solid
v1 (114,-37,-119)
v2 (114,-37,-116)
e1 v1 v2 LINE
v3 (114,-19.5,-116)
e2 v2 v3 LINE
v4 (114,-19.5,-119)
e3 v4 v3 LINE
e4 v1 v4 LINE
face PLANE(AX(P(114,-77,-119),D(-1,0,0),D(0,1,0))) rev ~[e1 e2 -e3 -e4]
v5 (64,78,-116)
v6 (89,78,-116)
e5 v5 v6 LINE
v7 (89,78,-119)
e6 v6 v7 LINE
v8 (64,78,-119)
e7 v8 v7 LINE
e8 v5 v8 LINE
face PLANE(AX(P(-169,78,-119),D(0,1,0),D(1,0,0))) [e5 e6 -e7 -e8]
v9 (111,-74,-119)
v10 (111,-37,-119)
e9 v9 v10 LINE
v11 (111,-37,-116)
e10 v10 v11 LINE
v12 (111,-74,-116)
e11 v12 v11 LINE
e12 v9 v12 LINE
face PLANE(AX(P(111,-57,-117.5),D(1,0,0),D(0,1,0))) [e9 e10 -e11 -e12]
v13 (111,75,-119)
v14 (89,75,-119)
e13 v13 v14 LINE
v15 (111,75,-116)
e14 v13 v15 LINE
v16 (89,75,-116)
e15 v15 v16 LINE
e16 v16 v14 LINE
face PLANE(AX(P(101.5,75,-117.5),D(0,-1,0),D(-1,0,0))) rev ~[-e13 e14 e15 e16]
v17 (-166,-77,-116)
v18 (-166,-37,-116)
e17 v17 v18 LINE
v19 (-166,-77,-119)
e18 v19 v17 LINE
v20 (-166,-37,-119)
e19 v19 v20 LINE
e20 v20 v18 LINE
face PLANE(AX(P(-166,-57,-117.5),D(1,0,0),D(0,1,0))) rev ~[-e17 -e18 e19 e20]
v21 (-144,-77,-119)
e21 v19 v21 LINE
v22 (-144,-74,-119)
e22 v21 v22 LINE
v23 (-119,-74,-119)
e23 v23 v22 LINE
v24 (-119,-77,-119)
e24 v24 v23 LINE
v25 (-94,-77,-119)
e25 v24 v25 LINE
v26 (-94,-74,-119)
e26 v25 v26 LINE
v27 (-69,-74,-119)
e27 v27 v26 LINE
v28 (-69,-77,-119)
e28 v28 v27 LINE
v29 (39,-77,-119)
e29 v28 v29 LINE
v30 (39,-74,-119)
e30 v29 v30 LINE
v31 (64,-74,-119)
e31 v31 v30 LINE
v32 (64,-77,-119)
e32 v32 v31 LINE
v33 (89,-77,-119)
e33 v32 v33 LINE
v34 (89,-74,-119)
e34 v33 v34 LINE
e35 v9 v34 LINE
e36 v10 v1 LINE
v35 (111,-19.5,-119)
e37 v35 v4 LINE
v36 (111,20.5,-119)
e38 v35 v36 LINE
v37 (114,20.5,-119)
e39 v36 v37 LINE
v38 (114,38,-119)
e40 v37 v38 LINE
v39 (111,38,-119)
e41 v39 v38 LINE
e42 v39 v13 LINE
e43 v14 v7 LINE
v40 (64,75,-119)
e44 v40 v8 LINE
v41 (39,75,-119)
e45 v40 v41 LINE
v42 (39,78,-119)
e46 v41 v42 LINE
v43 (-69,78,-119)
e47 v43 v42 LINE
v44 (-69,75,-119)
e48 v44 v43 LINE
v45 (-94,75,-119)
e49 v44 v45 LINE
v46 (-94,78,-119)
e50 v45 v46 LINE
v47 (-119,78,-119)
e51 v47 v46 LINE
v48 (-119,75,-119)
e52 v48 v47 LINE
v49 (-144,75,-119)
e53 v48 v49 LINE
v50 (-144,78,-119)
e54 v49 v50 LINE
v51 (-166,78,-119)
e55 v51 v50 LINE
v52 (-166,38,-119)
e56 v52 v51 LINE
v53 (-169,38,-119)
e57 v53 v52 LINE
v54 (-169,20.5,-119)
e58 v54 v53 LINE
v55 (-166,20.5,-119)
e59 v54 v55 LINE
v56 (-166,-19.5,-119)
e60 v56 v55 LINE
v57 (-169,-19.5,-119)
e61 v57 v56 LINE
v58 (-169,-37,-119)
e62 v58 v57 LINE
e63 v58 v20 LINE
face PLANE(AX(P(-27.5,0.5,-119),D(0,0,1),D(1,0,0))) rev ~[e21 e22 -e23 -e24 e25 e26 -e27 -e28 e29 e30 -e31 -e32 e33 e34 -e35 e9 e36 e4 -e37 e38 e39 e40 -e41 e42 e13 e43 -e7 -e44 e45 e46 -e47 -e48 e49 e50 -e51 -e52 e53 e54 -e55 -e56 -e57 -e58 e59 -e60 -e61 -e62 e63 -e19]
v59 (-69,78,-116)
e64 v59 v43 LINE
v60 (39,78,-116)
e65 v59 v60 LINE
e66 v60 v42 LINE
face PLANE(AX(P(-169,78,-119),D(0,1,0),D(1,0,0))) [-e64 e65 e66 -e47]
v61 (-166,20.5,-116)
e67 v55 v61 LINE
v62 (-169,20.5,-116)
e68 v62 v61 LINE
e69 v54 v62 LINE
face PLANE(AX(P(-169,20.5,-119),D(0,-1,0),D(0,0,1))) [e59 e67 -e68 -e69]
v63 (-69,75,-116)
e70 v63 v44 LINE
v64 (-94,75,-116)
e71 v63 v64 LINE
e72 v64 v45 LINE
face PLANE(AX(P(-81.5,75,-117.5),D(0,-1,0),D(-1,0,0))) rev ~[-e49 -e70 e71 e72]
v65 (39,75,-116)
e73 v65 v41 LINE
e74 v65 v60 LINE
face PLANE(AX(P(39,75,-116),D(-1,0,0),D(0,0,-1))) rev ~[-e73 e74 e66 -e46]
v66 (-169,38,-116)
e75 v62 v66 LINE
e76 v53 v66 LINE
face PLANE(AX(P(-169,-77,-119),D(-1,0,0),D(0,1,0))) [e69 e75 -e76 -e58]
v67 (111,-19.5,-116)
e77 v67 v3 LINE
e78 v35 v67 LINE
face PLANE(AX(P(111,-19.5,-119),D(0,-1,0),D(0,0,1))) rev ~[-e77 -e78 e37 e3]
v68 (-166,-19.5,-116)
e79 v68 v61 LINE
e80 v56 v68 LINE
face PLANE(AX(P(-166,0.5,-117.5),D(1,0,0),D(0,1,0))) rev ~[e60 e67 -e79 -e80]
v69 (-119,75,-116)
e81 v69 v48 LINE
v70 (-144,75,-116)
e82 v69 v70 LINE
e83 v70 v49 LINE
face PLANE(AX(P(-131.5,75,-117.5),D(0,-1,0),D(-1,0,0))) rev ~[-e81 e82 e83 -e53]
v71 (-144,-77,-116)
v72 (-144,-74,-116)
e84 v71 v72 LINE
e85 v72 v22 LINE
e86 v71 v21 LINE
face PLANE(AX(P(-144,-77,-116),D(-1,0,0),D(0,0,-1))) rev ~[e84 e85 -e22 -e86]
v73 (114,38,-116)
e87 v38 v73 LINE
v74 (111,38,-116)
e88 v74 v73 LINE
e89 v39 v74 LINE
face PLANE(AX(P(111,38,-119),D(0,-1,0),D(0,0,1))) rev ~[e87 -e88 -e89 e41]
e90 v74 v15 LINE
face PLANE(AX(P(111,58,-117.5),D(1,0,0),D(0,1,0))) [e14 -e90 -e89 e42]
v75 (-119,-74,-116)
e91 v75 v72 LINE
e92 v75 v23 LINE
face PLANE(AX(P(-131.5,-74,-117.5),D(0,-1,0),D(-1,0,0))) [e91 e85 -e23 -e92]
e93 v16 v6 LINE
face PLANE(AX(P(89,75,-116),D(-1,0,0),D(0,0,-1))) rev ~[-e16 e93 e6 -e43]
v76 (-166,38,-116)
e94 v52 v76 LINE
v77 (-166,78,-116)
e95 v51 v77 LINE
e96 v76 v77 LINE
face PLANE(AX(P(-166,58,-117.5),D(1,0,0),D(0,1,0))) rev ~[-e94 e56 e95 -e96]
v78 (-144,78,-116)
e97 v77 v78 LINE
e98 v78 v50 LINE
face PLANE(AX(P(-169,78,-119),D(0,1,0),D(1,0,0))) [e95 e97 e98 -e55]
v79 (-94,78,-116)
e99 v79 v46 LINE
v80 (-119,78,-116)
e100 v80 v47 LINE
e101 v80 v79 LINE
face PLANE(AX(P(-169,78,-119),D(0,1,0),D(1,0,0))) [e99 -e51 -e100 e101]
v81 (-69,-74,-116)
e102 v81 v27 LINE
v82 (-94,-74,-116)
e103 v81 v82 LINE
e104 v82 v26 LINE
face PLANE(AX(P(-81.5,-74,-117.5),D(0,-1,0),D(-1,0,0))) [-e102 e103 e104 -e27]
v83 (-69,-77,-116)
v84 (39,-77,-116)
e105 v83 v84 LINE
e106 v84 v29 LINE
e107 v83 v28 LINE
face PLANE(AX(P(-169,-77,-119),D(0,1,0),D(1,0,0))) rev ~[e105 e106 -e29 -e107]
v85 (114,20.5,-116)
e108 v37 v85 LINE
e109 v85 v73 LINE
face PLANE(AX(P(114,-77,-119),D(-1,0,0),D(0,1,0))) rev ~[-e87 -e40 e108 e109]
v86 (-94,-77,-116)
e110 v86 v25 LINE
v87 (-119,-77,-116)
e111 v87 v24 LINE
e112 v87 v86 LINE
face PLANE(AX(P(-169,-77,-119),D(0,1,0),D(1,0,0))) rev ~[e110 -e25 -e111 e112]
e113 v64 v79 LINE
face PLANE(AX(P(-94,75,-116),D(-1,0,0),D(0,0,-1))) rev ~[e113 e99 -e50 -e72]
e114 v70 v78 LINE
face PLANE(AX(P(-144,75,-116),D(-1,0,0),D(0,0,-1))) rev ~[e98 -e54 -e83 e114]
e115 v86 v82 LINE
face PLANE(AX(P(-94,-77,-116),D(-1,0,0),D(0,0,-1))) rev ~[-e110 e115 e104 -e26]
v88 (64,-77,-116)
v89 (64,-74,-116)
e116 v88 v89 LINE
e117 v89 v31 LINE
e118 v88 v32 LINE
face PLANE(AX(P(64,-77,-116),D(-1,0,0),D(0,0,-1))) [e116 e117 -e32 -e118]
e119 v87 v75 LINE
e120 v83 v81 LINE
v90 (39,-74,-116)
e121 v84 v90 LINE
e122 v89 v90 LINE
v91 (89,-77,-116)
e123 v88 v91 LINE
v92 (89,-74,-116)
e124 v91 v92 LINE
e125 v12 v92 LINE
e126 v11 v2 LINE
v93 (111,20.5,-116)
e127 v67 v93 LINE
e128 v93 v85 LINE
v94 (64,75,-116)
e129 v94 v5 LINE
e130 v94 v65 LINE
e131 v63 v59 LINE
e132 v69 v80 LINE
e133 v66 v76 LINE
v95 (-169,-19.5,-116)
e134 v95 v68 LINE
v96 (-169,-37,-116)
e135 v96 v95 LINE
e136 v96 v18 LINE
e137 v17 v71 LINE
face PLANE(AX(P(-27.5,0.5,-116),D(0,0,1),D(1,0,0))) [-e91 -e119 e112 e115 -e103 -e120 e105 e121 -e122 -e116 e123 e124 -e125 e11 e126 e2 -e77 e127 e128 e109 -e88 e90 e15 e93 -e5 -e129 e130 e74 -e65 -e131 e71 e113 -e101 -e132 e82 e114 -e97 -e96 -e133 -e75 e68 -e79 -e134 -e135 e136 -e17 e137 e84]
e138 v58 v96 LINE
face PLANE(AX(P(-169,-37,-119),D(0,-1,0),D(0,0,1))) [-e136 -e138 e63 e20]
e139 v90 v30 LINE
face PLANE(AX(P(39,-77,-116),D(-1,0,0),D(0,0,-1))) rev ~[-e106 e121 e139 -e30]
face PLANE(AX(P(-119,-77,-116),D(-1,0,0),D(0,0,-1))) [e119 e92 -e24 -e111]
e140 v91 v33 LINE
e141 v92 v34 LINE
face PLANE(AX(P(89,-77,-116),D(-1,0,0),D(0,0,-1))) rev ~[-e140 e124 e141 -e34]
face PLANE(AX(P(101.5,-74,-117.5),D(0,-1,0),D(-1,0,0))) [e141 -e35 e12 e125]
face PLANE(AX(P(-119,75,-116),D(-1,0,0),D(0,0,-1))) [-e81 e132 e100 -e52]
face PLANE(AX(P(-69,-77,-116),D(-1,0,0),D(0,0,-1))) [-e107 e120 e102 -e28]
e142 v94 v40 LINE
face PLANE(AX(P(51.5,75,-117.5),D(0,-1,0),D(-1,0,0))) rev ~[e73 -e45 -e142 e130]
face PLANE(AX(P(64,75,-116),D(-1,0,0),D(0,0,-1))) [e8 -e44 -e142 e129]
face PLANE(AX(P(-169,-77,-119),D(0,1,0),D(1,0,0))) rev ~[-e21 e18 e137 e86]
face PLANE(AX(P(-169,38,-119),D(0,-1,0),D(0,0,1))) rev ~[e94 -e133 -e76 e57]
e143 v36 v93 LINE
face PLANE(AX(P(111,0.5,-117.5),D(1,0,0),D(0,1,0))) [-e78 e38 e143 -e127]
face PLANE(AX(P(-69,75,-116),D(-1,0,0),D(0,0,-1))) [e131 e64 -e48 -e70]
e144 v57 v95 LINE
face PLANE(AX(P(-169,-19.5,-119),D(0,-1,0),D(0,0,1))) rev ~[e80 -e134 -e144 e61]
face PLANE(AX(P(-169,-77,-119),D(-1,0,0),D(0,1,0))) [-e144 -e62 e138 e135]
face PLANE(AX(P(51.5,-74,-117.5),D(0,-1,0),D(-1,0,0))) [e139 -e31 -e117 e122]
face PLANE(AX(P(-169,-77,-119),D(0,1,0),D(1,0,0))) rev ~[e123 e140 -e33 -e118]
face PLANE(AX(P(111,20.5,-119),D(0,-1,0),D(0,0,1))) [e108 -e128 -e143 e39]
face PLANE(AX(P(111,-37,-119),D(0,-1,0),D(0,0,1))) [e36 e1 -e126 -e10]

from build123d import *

# Parameters (mm, degrees)
RECTANGLE134_W                               = 40
RECTANGLE134_H                               = 3
EXTRUDE175_DEPTH                             = 3
RECTANGLE135_W                               = 40
RECTANGLE135_H                               = 3
EXTRUDE176_DEPTH                             = 3
RECTANGLE133_W                               = 40
RECTANGLE133_H                               = 3
EXTRUDE174_DEPTH                             = 3
RECTANGLE128_AS_DRAWN_W                      = 25
RECTANGLE128_AS_DRAWN_H                      = 3
EXTRUDE161_DEPTH                             = 3
EXTRUDE161_ONTO_RECTANGLE128_ROLL_ANGLE      = -90
EXTRUDE161_ONTO_RECTANGLE128_PLACEMENT_ANGLE = 180
RECTANGLE129_AS_DRAWN_W                      = 25
RECTANGLE129_AS_DRAWN_H                      = 3
EXTRUDE159_DEPTH                             = 3
EXTRUDE159_ONTO_RECTANGLE129_ROLL_ANGLE      = -90
EXTRUDE159_ONTO_RECTANGLE129_PLACEMENT_ANGLE = 180
RECTANGLE127_AS_DRAWN_W                      = 25
RECTANGLE127_AS_DRAWN_H                      = 3
EXTRUDE151_DEPTH                             = 3
EXTRUDE151_ONTO_RECTANGLE127_ROLL_ANGLE      = -90
EXTRUDE151_ONTO_RECTANGLE127_PLACEMENT_ANGLE = 180
EXTRUDE154_DEPTH                             = 3
EXTRUDE154_ONTO_RECTANGLE129_ROLL_ANGLE      = -90
EXTRUDE154_ONTO_RECTANGLE129_PLACEMENT_ANGLE = 180
BOX036_W                                     = 283
BOX036_H                                     = 155
BOX036_DEPTH                                 = 3


with BuildPart() as extrude175:
    # Rectangle134 → Extrude175 (new body)
    with BuildSketch(Plane(origin=(114, 38, -112), x_dir=(0, 1, 0), z_dir=(1, 0, 0))):
        with Locations((20, -1.5)):
            Rectangle(RECTANGLE134_W, RECTANGLE134_H)
    extrude(amount=EXTRUDE175_DEPTH)


with BuildPart() as extrude176:
    # Rectangle135 → Extrude176 (new body)
    with BuildSketch(Plane(origin=(114, -19.5, -112), x_dir=(0, 1, 0), z_dir=(1, 0, 0))):
        with Locations((20, -1.5)):
            Rectangle(RECTANGLE135_W, RECTANGLE135_H)
    extrude(amount=EXTRUDE176_DEPTH)


with BuildPart() as extrude174:
    # Rectangle133 → Extrude174 (new body)
    with BuildSketch(Plane(origin=(114, -77, -112), x_dir=(0, 1, 0), z_dir=(1, 0, 0))):
        with Locations((20, -1.5)):
            Rectangle(RECTANGLE133_W, RECTANGLE133_H)
    extrude(amount=EXTRUDE174_DEPTH)


with BuildPart() as fusion064047:
    # Fusion064047 base: copy of Extrude174
    add(extrude174.part)

    # Fusion064047: union Extrude175, Extrude176
    add(extrude175.part)
    add(extrude176.part)


with BuildPart() as fusion064047_1:
    # Fusion064047 placement: moved
    add(fusion064047.part.moved(Location((-283, 0, 0))))


with BuildPart() as fusion064041:
    # Fusion064041 base: copy of Extrude174
    add(extrude174.part)

    # Fusion064041: union Extrude175, Extrude176
    add(extrude175.part)
    add(extrude176.part)


with BuildPart() as fusion064041_1:
    # Fusion064041 placement: moved
    add(fusion064041.part.moved(Location((-3, 0, 0))))


with BuildPart() as extrude161:
    # Rectangle128 as drawn → Extrude161 (new)
    with BuildSketch(Plane.XY):
        with Locations((12.5, 1.5)):
            Rectangle(RECTANGLE128_AS_DRAWN_W, RECTANGLE128_AS_DRAWN_H)
    extrude(amount=-EXTRUDE161_DEPTH)


with BuildPart() as extrude161_1:
    # Extrude161 onto Rectangle128 roll: moved
    add(extrude161.part.rotate(Axis((0, 0, 0), (1, 0, 0)), EXTRUDE161_ONTO_RECTANGLE128_ROLL_ANGLE))


with BuildPart() as extrude161_2:
    # Extrude161 onto Rectangle128 placement: moved
    add(extrude161_1.part.moved(Location((89, -77, -70))).rotate(Axis((89, -77, -70), (0, 0, 1)), EXTRUDE161_ONTO_RECTANGLE128_PLACEMENT_ANGLE))


with BuildPart() as extrude161_3:
    # Extrude161 placement: moved
    add(extrude161_2.part.moved(Location((-208, 0, -42))))


with BuildPart() as extrude159:
    # Rectangle129 as drawn → Extrude159 (new)
    with BuildSketch(Plane.XY):
        with Locations((12.5, 1.5)):
            Rectangle(RECTANGLE129_AS_DRAWN_W, RECTANGLE129_AS_DRAWN_H)
    extrude(amount=-EXTRUDE159_DEPTH)


with BuildPart() as extrude159_1:
    # Extrude159 onto Rectangle129 roll: moved
    add(extrude159.part.rotate(Axis((0, 0, 0), (1, 0, 0)), EXTRUDE159_ONTO_RECTANGLE129_ROLL_ANGLE))


with BuildPart() as extrude159_2:
    # Extrude159 onto Rectangle129 placement: moved
    add(extrude159_1.part.moved(Location((64, -77, -70))).rotate(Axis((64, -77, -70), (0, 0, 1)), EXTRUDE159_ONTO_RECTANGLE129_PLACEMENT_ANGLE))


with BuildPart() as extrude159_3:
    # Extrude159 placement: moved
    add(extrude159_2.part.moved(Location((-133, 0, -42))))


with BuildPart() as fusion064034:
    # Fusion064034 base: copy of Extrude159
    add(extrude159_3.part)

    # Fusion064034: union Extrude161
    add(extrude161_3.part)


with BuildPart() as fusion064034_1:
    # Fusion064034 placement: moved
    add(fusion064034.part.moved(Location((0, 152, 0))))


with BuildPart() as extrude151:
    # Rectangle127 as drawn → Extrude151 (new)
    with BuildSketch(Plane.XY):
        with Locations((12.5, 1.5)):
            Rectangle(RECTANGLE127_AS_DRAWN_W, RECTANGLE127_AS_DRAWN_H)
    extrude(amount=-EXTRUDE151_DEPTH)


with BuildPart() as extrude151_1:
    # Extrude151 onto Rectangle127 roll: moved
    add(extrude151.part.rotate(Axis((0, 0, 0), (1, 0, 0)), EXTRUDE151_ONTO_RECTANGLE127_ROLL_ANGLE))


with BuildPart() as extrude151_2:
    # Extrude151 onto Rectangle127 placement: moved
    add(extrude151_1.part.moved(Location((114, -77, -70))).rotate(Axis((114, -77, -70), (0, 0, 1)), EXTRUDE151_ONTO_RECTANGLE127_PLACEMENT_ANGLE))


with BuildPart() as extrude151_3:
    # Extrude151 placement: moved
    add(extrude151_2.part.moved(Location((0, 0, -42))))


with BuildPart() as extrude154:
    # Rectangle129 as drawn → Extrude154 (new)
    with BuildSketch(Plane.XY):
        with Locations((12.5, 1.5)):
            Rectangle(RECTANGLE129_AS_DRAWN_W, RECTANGLE129_AS_DRAWN_H)
    extrude(amount=-EXTRUDE154_DEPTH)


with BuildPart() as extrude154_1:
    # Extrude154 onto Rectangle129 roll: moved
    add(extrude154.part.rotate(Axis((0, 0, 0), (1, 0, 0)), EXTRUDE154_ONTO_RECTANGLE129_ROLL_ANGLE))


with BuildPart() as extrude154_2:
    # Extrude154 onto Rectangle129 placement: moved
    add(extrude154_1.part.moved(Location((64, -77, -70))).rotate(Axis((64, -77, -70), (0, 0, 1)), EXTRUDE154_ONTO_RECTANGLE129_PLACEMENT_ANGLE))


with BuildPart() as extrude154_3:
    # Extrude154 placement: moved
    add(extrude154_2.part.moved(Location((0, 0, -42))))


with BuildPart() as fusion064040:
    # Fusion064033 base: copy of Extrude154
    add(extrude154_3.part)

    # Fusion064033: union Extrude151
    add(extrude151_3.part)


with BuildPart() as fusion064040_1:
    # Fusion064033 placement: moved
    add(fusion064040.part.moved(Location((0, 152, 0))))

    # Fusion064040: union Fusion064034
    add(fusion064034_1.part)


with BuildPart() as fusion064032:
    # Fusion064032 base: copy of Extrude159
    add(extrude159_3.part)

    # Fusion064032: union Extrude161
    add(extrude161_3.part)


with BuildPart() as fusion064029:
    # Fusion064029 base: copy of Extrude154
    add(extrude154_3.part)

    # Fusion064029: union Extrude151
    add(extrude151_3.part)


with BuildPart() as base_lower003:
    # Box036 → Box036 (new body)
    with BuildSketch(Plane(origin=(-169, -77, -115), x_dir=(1, 0, 0), z_dir=(0, 0, 1))):
        with Locations((141.5, 77.5)):
            Rectangle(BOX036_W, BOX036_H)
    extrude(amount=BOX036_DEPTH)

    # Cut035018: cut Fusion064029
    add(fusion064029.part, mode=Mode.SUBTRACT)

    # Cut035022: cut Fusion064032
    add(fusion064032.part, mode=Mode.SUBTRACT)

    # Cut035027: cut Fusion064040
    add(fusion064040_1.part, mode=Mode.SUBTRACT)

    # Cut035029: cut Fusion064041
    add(fusion064041_1.part, mode=Mode.SUBTRACT)

    # Cut035033: cut Fusion064047
    add(fusion064047_1.part, mode=Mode.SUBTRACT)


with BuildPart() as base_lower003_1:
    # Cut035033 placement: moved
    add(base_lower003.part.moved(Location((0, 0, -4))))


solid = base_lower003_1.part
